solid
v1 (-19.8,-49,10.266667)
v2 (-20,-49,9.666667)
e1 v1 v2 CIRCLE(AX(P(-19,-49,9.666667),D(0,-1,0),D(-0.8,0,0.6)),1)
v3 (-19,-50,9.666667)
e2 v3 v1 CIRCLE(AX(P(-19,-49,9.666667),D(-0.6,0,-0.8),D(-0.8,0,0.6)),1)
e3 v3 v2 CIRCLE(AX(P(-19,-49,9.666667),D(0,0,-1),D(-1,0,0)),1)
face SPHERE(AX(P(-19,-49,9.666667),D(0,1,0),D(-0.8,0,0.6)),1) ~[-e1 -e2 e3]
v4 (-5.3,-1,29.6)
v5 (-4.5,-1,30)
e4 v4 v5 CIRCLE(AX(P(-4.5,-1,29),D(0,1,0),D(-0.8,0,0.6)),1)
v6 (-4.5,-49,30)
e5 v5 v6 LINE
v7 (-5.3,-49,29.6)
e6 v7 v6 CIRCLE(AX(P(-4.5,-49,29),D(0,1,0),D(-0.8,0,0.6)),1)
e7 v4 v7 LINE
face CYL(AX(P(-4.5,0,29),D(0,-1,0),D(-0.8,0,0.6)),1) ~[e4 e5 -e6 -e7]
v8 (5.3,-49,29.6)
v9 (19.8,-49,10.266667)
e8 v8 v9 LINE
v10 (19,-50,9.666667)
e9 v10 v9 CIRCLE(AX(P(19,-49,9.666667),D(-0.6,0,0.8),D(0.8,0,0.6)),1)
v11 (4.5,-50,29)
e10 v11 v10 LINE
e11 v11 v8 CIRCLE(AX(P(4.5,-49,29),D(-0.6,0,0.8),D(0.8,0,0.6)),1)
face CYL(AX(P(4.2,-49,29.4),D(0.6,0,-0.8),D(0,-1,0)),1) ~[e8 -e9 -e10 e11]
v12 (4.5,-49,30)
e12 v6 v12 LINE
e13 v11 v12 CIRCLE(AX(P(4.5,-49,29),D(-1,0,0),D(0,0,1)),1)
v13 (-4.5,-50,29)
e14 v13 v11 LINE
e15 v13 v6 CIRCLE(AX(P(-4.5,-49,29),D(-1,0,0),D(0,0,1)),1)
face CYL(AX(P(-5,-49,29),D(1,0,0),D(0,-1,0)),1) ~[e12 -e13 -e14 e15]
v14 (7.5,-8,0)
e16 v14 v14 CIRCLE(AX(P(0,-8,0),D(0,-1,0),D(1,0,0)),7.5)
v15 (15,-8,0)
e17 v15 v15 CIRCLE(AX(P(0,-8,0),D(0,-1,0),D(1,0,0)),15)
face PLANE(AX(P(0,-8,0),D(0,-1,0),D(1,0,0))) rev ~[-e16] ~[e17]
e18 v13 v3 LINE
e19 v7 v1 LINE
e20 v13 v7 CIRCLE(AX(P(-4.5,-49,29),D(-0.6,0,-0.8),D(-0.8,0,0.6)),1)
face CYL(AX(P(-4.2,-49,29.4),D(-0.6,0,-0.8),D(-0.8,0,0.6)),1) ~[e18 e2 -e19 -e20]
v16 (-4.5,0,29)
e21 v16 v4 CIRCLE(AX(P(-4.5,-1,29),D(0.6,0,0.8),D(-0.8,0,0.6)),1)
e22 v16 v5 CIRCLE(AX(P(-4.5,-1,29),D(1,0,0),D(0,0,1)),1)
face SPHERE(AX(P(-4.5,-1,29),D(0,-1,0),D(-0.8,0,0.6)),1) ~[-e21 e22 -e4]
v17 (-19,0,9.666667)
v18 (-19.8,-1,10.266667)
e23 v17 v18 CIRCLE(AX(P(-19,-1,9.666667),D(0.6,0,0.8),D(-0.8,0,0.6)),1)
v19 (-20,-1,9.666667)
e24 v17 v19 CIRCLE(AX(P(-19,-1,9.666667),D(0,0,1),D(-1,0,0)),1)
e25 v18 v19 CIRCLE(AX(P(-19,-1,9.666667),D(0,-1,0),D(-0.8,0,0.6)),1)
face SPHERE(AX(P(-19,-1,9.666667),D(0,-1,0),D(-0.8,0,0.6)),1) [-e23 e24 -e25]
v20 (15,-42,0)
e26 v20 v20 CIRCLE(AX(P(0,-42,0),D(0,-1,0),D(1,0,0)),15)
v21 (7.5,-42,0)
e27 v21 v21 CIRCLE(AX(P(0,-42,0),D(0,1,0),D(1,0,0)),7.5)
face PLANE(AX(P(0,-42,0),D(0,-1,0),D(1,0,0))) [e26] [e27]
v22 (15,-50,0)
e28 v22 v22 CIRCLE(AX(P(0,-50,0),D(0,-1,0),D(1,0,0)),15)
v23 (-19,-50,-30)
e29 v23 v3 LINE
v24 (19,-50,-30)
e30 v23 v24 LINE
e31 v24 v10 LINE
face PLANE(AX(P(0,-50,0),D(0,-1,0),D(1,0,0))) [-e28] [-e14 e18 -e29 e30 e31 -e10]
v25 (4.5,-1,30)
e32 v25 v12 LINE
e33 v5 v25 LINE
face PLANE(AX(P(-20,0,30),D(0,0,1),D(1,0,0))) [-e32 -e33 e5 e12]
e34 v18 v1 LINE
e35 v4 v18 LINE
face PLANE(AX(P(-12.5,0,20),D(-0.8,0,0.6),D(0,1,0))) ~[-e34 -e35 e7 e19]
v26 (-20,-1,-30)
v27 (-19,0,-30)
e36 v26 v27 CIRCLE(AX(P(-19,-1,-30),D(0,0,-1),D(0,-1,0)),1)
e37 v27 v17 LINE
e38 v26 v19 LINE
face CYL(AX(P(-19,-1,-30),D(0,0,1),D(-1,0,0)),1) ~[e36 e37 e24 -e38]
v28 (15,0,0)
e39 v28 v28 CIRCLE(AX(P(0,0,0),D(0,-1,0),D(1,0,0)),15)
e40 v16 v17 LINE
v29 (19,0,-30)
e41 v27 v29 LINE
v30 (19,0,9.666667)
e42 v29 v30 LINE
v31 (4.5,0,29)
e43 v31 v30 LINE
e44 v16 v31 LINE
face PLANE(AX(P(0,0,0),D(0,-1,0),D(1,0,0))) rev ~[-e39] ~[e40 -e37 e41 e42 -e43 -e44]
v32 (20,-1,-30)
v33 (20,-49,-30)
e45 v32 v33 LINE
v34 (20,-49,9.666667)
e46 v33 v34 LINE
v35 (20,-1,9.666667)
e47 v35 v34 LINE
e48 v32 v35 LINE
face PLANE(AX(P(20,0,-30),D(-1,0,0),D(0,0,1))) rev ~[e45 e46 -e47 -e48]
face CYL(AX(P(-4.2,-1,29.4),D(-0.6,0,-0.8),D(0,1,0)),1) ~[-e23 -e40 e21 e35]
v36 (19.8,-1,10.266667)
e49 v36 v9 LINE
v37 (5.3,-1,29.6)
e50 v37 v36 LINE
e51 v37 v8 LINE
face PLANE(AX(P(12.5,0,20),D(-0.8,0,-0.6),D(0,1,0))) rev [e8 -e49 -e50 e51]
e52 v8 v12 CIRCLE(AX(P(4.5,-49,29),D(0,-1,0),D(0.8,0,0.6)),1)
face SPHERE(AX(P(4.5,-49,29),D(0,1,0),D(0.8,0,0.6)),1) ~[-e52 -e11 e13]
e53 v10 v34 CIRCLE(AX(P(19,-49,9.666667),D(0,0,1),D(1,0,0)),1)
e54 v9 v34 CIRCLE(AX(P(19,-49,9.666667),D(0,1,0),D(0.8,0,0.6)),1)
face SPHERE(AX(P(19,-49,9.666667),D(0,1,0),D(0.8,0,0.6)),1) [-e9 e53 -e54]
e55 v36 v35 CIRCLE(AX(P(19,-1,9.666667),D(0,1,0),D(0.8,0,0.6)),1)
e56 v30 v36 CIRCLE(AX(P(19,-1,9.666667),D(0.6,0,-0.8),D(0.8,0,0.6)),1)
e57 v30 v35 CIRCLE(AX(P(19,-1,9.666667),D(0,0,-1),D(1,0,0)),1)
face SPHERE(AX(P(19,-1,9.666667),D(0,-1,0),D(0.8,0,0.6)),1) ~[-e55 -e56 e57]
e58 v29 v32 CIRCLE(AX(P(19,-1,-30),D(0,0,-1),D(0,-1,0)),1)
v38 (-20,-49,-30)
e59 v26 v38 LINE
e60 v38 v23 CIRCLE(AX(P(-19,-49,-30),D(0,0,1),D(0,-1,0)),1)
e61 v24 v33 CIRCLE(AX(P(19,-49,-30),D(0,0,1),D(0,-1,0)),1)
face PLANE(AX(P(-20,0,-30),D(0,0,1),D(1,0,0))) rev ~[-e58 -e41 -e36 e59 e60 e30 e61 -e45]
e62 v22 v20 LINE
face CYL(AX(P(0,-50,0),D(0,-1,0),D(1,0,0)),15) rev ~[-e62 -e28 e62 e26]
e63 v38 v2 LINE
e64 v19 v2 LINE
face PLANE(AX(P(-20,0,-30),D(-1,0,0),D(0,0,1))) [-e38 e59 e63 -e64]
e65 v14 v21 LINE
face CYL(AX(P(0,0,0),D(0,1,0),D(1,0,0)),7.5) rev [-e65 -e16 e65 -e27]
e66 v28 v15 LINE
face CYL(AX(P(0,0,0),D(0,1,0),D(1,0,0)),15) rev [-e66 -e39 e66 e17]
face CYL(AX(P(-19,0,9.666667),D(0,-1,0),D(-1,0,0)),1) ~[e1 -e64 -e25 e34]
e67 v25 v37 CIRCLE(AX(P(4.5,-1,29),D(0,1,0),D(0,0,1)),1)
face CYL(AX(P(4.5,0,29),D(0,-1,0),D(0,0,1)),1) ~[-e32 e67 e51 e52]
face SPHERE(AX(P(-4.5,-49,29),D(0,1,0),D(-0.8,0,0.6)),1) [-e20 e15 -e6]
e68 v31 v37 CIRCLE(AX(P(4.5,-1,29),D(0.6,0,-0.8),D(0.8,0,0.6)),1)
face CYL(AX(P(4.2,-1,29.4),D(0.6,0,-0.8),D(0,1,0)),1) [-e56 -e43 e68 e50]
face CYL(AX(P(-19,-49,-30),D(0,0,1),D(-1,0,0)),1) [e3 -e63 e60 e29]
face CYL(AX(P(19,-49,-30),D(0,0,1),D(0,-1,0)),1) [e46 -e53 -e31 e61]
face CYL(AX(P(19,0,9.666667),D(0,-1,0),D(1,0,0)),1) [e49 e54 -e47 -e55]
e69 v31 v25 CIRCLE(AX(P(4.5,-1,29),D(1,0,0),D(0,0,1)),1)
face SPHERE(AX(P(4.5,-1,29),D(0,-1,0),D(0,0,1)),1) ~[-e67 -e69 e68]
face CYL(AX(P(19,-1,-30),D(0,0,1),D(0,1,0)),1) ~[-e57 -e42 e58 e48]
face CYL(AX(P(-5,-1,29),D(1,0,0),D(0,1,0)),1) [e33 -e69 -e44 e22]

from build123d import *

# Parameters (mm, degrees)
F0_W     = 40
F0_H     = 60
F0_R     = 15
F0_R_2   = 7.5
F1_DEPTH = 50
F2_DEPTH = 8
F3_R     = 15
F4_DEPTH = 8
F5_SIZE2 = 20
F5_SIZE  = 15
F6_R     = 1


with BuildPart() as f1:
    # F0 (on Front) → F1 (new body)
    with BuildSketch(Plane.XZ):
        Rectangle(F0_W, F0_H)
        Circle(F0_R, mode=Mode.SUBTRACT)
        Circle(F0_R)
        Circle(F0_R_2, mode=Mode.SUBTRACT)
    extrude(amount=F1_DEPTH)

    # F0 (on Front) → F2 (cut)
    with BuildSketch(Plane.XZ):
        Circle(F0_R)
        Circle(F0_R_2, mode=Mode.SUBTRACT)
    extrude(amount=F2_DEPTH, mode=Mode.SUBTRACT)

    # F3 (on face) → F4 (cut)
    with BuildSketch(Plane.XZ.offset(50)):
        Circle(F3_R)
    extrude(amount=-F4_DEPTH, mode=Mode.SUBTRACT)

    # F5
    f5_edges = [f1.edges().sort_by_distance(p)[0] for p in [
        (20, -25, 30),
        (-20, -25, 30),
    ]]
    f5_side = f1.faces().sort_by_distance((0, -25, 30))[0]
    chamfer(f5_edges, length=F5_SIZE, length2=F5_SIZE2, reference=f5_side)

    # F6
    f6_edges = [f1.edges().sort_by_distance(p)[0] for p in [
        (-5, -25, 30),
        (5, -25, 30),
        (20, -25, 10),
        (-12.5, 0, 20),
        (0, 0, 30),
        (12.5, 0, 20),
        (12.5, -50, 20),
        (-12.5, -50, 20),
        (0, -50, 30),
        (-20, -50, -10),
        (20, -50, -10),
        (20, 0, -10),
        (-20, 0, -10),
        (-20, -25, 10),
    ]]
    fillet(f6_edges, radius=F6_R)


solid = f1.part
